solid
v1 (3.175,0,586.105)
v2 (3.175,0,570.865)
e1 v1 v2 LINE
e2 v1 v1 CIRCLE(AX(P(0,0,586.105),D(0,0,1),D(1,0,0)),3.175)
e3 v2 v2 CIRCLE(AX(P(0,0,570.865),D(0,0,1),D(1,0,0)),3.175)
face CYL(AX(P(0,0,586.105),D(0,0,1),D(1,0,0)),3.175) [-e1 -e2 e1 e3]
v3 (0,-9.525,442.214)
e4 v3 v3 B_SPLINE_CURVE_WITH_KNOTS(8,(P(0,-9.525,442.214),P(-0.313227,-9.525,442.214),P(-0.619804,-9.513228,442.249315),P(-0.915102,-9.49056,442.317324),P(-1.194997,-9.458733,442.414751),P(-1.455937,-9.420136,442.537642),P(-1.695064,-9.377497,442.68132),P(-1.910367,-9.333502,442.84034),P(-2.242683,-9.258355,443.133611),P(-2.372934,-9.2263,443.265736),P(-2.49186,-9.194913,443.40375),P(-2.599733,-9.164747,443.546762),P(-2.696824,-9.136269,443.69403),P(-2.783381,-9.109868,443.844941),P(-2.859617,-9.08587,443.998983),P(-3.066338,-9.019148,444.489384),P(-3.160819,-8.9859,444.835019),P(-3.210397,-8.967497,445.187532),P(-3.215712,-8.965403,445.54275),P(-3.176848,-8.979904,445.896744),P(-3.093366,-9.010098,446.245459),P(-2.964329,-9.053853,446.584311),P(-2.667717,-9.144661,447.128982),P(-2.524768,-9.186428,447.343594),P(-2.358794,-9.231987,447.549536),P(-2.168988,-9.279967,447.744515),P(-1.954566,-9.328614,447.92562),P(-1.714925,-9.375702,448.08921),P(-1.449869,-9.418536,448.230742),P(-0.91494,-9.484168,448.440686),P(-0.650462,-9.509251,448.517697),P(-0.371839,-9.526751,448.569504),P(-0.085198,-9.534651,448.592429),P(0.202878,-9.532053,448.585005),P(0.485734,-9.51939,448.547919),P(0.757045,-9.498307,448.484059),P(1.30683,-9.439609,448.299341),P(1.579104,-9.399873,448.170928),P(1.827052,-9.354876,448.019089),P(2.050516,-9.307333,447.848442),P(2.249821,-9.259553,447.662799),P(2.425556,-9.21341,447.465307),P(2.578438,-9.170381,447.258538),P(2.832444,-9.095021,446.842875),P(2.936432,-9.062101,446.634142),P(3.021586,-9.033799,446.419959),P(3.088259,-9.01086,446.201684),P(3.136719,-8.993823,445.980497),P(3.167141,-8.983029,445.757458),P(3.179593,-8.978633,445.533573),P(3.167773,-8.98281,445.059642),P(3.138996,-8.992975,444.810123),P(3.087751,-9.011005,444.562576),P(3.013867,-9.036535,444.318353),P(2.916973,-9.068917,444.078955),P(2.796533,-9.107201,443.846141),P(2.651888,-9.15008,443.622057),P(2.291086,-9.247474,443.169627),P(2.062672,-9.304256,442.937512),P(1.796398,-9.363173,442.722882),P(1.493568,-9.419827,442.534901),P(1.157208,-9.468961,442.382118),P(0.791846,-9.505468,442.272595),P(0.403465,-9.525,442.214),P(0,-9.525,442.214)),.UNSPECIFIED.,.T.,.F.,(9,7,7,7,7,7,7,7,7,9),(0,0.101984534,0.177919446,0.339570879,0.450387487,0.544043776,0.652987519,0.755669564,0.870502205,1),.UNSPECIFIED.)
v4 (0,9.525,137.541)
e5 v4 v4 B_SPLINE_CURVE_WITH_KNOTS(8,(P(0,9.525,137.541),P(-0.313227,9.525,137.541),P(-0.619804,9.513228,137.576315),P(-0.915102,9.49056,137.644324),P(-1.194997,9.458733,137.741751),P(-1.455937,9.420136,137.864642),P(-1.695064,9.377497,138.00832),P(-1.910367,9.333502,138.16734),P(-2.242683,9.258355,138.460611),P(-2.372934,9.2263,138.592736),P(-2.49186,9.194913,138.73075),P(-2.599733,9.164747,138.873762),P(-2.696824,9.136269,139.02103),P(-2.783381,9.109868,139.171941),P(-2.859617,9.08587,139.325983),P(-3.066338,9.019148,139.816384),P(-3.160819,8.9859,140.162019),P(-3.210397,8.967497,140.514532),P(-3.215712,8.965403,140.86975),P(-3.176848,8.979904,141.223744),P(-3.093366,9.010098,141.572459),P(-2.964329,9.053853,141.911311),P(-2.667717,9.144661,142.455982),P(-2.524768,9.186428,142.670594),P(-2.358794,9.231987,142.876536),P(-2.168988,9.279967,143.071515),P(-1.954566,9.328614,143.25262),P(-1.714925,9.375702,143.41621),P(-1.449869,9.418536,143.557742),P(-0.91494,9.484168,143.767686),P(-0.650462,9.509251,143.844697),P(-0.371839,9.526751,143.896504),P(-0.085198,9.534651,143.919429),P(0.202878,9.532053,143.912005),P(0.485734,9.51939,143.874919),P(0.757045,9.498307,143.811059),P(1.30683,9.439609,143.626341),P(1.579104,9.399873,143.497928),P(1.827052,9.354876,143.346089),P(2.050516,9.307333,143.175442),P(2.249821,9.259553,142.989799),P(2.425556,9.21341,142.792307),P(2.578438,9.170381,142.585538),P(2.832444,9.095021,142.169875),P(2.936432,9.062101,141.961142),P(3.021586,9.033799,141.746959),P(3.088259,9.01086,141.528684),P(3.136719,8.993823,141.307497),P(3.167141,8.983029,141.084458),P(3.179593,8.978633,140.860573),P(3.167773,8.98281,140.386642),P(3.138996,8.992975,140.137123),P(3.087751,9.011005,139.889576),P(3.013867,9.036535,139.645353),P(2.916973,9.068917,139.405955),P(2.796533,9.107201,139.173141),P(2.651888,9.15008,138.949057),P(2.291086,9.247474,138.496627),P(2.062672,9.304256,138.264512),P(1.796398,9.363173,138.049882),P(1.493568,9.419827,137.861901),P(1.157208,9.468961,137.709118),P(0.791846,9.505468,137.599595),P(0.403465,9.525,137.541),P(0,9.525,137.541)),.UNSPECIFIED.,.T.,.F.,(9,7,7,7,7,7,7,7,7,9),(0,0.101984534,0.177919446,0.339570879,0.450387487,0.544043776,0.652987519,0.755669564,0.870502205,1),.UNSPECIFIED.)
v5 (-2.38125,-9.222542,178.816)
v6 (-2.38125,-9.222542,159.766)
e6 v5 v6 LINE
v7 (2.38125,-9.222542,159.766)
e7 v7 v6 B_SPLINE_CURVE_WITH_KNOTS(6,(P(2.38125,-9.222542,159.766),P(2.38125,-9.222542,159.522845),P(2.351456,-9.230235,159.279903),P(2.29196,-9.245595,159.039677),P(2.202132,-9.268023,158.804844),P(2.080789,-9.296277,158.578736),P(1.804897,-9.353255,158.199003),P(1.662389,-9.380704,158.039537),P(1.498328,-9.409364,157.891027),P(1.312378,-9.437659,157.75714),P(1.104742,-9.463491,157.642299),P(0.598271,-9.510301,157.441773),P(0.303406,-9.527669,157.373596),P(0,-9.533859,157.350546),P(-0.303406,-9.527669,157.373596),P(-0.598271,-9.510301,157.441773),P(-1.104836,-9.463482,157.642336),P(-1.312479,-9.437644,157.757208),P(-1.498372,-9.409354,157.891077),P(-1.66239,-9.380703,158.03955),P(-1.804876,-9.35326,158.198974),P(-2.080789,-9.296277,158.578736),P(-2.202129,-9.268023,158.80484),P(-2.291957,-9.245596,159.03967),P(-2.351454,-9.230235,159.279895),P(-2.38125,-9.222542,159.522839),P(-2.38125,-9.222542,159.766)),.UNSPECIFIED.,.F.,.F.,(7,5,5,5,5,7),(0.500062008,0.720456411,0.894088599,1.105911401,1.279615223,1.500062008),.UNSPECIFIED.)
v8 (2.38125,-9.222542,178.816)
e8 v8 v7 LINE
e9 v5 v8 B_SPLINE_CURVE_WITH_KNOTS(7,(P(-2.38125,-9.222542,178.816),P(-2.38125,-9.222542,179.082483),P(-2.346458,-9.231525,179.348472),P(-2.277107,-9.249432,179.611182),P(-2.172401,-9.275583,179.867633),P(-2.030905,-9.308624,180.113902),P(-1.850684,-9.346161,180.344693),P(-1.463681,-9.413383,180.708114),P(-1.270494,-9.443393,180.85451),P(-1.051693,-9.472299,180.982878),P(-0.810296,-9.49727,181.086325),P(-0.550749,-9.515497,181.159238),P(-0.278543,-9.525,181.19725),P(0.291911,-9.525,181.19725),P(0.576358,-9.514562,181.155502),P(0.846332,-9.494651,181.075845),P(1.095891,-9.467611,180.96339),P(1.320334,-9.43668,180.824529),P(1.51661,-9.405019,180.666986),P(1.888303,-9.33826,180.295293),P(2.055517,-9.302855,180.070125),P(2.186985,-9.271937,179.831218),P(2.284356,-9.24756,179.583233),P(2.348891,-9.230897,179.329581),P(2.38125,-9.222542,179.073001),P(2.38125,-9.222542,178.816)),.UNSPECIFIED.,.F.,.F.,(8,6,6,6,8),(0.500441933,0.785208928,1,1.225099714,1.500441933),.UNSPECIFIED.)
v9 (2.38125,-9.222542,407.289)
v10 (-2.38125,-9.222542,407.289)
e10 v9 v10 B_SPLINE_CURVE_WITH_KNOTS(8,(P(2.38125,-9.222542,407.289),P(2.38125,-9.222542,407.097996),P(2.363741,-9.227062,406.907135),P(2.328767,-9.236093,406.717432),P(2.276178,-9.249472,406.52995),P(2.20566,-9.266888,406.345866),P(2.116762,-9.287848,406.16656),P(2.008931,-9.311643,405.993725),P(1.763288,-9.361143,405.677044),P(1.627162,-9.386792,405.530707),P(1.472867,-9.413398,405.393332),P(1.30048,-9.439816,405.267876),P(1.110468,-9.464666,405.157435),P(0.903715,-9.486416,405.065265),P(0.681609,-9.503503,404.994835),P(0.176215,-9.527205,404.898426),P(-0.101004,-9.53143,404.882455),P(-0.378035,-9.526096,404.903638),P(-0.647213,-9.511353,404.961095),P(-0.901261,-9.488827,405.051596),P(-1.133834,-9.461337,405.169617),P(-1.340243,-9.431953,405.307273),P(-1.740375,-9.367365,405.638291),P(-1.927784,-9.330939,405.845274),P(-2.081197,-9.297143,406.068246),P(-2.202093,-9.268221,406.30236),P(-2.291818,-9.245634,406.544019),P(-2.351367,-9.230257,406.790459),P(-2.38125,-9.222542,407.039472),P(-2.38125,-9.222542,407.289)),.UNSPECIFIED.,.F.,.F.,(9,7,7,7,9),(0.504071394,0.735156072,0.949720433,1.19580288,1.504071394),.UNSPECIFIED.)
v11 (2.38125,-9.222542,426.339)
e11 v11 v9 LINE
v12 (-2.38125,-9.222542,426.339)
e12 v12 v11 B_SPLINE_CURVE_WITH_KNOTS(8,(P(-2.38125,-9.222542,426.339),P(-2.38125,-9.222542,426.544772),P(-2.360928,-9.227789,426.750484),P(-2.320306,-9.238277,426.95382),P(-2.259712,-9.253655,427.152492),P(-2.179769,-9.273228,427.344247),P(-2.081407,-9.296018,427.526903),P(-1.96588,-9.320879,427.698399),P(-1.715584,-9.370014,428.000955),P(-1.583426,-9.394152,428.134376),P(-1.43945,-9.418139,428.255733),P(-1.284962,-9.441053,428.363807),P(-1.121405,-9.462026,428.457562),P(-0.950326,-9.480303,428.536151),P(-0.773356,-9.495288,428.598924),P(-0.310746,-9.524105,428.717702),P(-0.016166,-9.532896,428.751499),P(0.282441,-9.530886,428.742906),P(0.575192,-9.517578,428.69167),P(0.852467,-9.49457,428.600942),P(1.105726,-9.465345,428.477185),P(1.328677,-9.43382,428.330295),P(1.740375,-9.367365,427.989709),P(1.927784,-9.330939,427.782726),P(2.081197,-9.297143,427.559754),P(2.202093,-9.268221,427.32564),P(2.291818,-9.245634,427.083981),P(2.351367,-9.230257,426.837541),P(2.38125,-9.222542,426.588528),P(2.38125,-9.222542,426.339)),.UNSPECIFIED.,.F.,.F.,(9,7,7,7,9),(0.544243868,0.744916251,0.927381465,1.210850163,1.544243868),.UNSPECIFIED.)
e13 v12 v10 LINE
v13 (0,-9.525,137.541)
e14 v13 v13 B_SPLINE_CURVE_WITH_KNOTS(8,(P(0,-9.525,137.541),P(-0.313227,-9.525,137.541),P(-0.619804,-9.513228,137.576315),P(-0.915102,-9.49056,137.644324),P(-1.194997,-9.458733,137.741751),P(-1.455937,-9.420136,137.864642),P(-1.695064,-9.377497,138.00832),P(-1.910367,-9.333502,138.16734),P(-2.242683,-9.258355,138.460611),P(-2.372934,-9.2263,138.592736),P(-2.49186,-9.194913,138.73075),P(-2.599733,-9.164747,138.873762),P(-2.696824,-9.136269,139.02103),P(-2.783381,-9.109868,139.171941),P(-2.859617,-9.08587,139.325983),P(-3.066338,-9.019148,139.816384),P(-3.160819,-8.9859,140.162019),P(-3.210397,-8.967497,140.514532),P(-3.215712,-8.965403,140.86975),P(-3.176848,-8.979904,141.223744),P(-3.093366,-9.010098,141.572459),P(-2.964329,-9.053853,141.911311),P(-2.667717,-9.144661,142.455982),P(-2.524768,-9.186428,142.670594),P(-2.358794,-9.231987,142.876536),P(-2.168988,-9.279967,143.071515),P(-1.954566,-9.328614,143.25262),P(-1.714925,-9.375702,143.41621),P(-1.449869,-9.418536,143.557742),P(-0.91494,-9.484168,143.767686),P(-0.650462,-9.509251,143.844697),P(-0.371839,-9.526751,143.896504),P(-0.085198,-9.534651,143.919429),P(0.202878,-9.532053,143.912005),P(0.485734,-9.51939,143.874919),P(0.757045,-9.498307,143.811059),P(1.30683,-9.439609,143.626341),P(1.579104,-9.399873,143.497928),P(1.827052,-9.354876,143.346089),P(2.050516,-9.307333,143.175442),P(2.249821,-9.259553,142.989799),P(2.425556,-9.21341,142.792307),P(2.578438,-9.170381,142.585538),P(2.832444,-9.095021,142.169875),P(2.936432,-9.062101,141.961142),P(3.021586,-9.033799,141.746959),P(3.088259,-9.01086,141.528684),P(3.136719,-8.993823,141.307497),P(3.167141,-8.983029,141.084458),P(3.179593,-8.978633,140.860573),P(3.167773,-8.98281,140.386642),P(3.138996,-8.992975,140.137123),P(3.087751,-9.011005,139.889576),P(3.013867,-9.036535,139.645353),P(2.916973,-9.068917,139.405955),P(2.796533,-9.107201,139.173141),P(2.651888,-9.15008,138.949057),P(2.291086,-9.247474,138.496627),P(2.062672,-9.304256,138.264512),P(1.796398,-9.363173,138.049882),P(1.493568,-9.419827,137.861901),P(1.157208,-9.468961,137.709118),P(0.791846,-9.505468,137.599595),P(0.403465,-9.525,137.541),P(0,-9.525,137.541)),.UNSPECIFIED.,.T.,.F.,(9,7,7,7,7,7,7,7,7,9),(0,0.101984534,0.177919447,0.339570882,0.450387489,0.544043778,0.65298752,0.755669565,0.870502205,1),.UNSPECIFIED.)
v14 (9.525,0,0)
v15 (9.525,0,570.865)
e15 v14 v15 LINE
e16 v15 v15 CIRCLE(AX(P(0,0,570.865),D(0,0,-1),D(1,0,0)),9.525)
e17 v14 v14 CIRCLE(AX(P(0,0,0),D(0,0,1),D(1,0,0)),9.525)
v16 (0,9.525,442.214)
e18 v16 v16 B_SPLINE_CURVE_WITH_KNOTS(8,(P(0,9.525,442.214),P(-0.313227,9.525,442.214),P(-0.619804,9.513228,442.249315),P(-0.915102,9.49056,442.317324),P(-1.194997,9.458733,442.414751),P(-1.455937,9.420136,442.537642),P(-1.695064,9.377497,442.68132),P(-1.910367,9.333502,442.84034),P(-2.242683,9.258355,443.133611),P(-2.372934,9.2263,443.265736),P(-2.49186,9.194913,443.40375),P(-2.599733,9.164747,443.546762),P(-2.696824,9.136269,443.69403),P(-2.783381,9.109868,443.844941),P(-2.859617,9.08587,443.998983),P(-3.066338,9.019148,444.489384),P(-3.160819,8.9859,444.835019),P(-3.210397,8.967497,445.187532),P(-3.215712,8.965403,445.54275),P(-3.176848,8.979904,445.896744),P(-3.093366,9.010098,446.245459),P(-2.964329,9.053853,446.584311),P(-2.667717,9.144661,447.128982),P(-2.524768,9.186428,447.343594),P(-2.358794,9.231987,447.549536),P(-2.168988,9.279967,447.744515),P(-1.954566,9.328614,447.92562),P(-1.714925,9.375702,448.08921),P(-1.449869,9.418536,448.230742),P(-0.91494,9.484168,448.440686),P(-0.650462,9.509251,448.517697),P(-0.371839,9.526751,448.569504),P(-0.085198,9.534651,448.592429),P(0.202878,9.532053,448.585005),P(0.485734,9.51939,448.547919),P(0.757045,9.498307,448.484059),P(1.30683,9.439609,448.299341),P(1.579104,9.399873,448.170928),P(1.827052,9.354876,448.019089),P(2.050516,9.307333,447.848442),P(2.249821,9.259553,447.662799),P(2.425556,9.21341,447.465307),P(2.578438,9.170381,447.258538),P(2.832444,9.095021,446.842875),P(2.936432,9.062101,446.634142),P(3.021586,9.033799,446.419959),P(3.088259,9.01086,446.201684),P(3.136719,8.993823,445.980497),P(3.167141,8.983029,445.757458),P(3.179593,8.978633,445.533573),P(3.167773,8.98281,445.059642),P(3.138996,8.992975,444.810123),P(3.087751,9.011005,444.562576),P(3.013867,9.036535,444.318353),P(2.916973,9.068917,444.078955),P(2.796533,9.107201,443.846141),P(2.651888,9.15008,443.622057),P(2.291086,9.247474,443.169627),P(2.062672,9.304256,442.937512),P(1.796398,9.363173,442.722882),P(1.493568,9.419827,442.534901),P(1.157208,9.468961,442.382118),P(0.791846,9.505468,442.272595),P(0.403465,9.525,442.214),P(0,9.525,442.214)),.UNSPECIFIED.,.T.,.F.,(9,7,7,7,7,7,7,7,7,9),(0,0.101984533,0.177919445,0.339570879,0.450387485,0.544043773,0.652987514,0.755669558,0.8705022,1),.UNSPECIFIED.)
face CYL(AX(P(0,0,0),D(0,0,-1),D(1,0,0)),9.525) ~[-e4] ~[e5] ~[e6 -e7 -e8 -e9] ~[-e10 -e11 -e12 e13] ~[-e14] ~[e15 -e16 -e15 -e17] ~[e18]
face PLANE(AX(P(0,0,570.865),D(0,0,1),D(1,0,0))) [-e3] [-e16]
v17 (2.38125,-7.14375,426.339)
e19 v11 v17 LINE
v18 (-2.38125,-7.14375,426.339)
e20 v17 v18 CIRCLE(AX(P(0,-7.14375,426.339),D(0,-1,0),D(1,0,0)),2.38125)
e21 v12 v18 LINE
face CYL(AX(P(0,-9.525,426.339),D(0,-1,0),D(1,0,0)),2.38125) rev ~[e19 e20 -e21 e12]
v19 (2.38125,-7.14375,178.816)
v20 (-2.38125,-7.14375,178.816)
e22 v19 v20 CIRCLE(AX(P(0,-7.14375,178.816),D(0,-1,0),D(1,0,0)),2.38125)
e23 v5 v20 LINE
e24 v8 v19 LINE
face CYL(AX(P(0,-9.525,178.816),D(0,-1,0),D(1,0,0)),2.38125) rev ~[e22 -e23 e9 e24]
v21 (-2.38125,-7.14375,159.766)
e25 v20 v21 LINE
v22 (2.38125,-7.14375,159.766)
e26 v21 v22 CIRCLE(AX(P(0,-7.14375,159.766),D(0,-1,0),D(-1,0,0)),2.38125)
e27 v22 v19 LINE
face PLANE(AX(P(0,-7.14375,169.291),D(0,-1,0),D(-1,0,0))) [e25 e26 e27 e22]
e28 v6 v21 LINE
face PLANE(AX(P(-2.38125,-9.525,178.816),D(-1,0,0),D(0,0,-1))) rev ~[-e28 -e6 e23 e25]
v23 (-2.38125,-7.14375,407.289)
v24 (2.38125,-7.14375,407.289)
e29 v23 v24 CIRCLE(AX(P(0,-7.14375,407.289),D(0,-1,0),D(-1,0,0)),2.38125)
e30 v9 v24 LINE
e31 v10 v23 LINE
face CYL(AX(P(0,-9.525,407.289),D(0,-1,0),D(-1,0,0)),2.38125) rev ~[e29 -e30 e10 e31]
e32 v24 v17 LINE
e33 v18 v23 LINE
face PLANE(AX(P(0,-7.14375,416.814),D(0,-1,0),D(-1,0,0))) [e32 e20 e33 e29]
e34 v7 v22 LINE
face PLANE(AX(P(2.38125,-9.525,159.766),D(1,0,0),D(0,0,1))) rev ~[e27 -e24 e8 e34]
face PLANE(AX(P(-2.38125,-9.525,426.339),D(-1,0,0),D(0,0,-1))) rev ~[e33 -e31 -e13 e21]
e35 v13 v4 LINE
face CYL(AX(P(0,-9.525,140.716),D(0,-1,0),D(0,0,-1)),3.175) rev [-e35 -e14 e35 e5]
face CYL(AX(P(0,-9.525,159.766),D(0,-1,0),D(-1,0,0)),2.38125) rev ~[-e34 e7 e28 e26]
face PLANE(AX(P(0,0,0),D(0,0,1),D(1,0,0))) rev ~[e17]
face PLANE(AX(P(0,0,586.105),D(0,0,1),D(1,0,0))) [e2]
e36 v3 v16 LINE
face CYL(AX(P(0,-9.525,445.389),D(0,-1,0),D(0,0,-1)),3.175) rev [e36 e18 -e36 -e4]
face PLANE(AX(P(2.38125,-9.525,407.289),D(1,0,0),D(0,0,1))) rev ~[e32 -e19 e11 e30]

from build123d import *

# Parameters (mm, degrees)
SKETCH1_R           = 9.525
BOSS_EXTRUDE1_DEPTH = 586.105
CUT_EXTRUDE2_REACH  = 588.492
SKETCH3_R           = 3.175
CUT_EXTRUDE3_DEPTH  = 2.38125
SKETCH6_OUTSIDE_W   = 138.394
SKETCH6_OUTSIDE_H   = 138.394
SKETCH6_OUTSIDE_R   = 3.175
CUT_EXTRUDE4_DEPTH  = 15.24


with BuildPart() as part:
    # Sketch1 → Boss-Extrude1 (new body)
    with BuildSketch(Plane.XY):
        Circle(SKETCH1_R)
    extrude(amount=BOSS_EXTRUDE1_DEPTH)

    # Sketch3 → Cut-Extrude2 (cut, up to next)
    with BuildSketch(Plane(origin=(0, -9.525, 0), x_dir=(1, 0, 0), z_dir=(0, 1, 0)), mode=Mode.PRIVATE) as cut_extrude2_sk1:
        with Locations((0, -445.389)):
            Circle(SKETCH3_R)
    cut_extrude2_tool1 = extrude(cut_extrude2_sk1.sketch, amount=CUT_EXTRUDE2_REACH, mode=Mode.PRIVATE) & part.part
    # Sketch3 → Cut-Extrude2 (cut, up to next)
    with BuildSketch(Plane(origin=(0, -9.525, 0), x_dir=(1, 0, 0), z_dir=(0, 1, 0)), mode=Mode.PRIVATE) as cut_extrude2_sk2:
        with Locations((0, -140.716)):
            Circle(SKETCH3_R)
    cut_extrude2_tool2 = extrude(cut_extrude2_sk2.sketch, amount=CUT_EXTRUDE2_REACH, mode=Mode.PRIVATE) & part.part
    add(cut_extrude2_tool1.solids().sort_by_distance((0, -9.525, 445.389))[0], mode=Mode.SUBTRACT)
    add(cut_extrude2_tool2.solids().sort_by_distance((0, -9.525, 140.716))[0], mode=Mode.SUBTRACT)

    # Sketch5 → Cut-Extrude3 (cut)
    with BuildSketch(Plane(origin=(0, -9.525, 0), x_dir=(1, 0, 0), z_dir=(0, 1, 0))):
        with BuildLine():
            Line((-2.38125, -178.816), (-2.38125, -159.766))
            ThreePointArc((-2.38125, -159.766), (0, -157.38475), (2.38125, -159.766))
            Line((2.38125, -159.766), (2.38125, -178.816))
            ThreePointArc((2.38125, -178.816), (0, -181.19725), (-2.38125, -178.816))
        make_face()
        with BuildLine():
            Line((2.38125, -407.289), (2.38125, -426.339))
            ThreePointArc((2.38125, -426.339), (0, -428.72025), (-2.38125, -426.339))
            Line((-2.38125, -426.339), (-2.38125, -407.289))
            ThreePointArc((-2.38125, -407.289), (0, -404.90775), (2.38125, -407.289))
        make_face()
    extrude(amount=CUT_EXTRUDE3_DEPTH, mode=Mode.SUBTRACT)

    # Sketch6 outside → Cut-Extrude4 (cut)
    with BuildSketch(Plane.XY.offset(586.105)):
        Rectangle(SKETCH6_OUTSIDE_W, SKETCH6_OUTSIDE_H)
        Circle(SKETCH6_OUTSIDE_R, mode=Mode.SUBTRACT)
    extrude(amount=-CUT_EXTRUDE4_DEPTH, mode=Mode.SUBTRACT)


solid = part.part
